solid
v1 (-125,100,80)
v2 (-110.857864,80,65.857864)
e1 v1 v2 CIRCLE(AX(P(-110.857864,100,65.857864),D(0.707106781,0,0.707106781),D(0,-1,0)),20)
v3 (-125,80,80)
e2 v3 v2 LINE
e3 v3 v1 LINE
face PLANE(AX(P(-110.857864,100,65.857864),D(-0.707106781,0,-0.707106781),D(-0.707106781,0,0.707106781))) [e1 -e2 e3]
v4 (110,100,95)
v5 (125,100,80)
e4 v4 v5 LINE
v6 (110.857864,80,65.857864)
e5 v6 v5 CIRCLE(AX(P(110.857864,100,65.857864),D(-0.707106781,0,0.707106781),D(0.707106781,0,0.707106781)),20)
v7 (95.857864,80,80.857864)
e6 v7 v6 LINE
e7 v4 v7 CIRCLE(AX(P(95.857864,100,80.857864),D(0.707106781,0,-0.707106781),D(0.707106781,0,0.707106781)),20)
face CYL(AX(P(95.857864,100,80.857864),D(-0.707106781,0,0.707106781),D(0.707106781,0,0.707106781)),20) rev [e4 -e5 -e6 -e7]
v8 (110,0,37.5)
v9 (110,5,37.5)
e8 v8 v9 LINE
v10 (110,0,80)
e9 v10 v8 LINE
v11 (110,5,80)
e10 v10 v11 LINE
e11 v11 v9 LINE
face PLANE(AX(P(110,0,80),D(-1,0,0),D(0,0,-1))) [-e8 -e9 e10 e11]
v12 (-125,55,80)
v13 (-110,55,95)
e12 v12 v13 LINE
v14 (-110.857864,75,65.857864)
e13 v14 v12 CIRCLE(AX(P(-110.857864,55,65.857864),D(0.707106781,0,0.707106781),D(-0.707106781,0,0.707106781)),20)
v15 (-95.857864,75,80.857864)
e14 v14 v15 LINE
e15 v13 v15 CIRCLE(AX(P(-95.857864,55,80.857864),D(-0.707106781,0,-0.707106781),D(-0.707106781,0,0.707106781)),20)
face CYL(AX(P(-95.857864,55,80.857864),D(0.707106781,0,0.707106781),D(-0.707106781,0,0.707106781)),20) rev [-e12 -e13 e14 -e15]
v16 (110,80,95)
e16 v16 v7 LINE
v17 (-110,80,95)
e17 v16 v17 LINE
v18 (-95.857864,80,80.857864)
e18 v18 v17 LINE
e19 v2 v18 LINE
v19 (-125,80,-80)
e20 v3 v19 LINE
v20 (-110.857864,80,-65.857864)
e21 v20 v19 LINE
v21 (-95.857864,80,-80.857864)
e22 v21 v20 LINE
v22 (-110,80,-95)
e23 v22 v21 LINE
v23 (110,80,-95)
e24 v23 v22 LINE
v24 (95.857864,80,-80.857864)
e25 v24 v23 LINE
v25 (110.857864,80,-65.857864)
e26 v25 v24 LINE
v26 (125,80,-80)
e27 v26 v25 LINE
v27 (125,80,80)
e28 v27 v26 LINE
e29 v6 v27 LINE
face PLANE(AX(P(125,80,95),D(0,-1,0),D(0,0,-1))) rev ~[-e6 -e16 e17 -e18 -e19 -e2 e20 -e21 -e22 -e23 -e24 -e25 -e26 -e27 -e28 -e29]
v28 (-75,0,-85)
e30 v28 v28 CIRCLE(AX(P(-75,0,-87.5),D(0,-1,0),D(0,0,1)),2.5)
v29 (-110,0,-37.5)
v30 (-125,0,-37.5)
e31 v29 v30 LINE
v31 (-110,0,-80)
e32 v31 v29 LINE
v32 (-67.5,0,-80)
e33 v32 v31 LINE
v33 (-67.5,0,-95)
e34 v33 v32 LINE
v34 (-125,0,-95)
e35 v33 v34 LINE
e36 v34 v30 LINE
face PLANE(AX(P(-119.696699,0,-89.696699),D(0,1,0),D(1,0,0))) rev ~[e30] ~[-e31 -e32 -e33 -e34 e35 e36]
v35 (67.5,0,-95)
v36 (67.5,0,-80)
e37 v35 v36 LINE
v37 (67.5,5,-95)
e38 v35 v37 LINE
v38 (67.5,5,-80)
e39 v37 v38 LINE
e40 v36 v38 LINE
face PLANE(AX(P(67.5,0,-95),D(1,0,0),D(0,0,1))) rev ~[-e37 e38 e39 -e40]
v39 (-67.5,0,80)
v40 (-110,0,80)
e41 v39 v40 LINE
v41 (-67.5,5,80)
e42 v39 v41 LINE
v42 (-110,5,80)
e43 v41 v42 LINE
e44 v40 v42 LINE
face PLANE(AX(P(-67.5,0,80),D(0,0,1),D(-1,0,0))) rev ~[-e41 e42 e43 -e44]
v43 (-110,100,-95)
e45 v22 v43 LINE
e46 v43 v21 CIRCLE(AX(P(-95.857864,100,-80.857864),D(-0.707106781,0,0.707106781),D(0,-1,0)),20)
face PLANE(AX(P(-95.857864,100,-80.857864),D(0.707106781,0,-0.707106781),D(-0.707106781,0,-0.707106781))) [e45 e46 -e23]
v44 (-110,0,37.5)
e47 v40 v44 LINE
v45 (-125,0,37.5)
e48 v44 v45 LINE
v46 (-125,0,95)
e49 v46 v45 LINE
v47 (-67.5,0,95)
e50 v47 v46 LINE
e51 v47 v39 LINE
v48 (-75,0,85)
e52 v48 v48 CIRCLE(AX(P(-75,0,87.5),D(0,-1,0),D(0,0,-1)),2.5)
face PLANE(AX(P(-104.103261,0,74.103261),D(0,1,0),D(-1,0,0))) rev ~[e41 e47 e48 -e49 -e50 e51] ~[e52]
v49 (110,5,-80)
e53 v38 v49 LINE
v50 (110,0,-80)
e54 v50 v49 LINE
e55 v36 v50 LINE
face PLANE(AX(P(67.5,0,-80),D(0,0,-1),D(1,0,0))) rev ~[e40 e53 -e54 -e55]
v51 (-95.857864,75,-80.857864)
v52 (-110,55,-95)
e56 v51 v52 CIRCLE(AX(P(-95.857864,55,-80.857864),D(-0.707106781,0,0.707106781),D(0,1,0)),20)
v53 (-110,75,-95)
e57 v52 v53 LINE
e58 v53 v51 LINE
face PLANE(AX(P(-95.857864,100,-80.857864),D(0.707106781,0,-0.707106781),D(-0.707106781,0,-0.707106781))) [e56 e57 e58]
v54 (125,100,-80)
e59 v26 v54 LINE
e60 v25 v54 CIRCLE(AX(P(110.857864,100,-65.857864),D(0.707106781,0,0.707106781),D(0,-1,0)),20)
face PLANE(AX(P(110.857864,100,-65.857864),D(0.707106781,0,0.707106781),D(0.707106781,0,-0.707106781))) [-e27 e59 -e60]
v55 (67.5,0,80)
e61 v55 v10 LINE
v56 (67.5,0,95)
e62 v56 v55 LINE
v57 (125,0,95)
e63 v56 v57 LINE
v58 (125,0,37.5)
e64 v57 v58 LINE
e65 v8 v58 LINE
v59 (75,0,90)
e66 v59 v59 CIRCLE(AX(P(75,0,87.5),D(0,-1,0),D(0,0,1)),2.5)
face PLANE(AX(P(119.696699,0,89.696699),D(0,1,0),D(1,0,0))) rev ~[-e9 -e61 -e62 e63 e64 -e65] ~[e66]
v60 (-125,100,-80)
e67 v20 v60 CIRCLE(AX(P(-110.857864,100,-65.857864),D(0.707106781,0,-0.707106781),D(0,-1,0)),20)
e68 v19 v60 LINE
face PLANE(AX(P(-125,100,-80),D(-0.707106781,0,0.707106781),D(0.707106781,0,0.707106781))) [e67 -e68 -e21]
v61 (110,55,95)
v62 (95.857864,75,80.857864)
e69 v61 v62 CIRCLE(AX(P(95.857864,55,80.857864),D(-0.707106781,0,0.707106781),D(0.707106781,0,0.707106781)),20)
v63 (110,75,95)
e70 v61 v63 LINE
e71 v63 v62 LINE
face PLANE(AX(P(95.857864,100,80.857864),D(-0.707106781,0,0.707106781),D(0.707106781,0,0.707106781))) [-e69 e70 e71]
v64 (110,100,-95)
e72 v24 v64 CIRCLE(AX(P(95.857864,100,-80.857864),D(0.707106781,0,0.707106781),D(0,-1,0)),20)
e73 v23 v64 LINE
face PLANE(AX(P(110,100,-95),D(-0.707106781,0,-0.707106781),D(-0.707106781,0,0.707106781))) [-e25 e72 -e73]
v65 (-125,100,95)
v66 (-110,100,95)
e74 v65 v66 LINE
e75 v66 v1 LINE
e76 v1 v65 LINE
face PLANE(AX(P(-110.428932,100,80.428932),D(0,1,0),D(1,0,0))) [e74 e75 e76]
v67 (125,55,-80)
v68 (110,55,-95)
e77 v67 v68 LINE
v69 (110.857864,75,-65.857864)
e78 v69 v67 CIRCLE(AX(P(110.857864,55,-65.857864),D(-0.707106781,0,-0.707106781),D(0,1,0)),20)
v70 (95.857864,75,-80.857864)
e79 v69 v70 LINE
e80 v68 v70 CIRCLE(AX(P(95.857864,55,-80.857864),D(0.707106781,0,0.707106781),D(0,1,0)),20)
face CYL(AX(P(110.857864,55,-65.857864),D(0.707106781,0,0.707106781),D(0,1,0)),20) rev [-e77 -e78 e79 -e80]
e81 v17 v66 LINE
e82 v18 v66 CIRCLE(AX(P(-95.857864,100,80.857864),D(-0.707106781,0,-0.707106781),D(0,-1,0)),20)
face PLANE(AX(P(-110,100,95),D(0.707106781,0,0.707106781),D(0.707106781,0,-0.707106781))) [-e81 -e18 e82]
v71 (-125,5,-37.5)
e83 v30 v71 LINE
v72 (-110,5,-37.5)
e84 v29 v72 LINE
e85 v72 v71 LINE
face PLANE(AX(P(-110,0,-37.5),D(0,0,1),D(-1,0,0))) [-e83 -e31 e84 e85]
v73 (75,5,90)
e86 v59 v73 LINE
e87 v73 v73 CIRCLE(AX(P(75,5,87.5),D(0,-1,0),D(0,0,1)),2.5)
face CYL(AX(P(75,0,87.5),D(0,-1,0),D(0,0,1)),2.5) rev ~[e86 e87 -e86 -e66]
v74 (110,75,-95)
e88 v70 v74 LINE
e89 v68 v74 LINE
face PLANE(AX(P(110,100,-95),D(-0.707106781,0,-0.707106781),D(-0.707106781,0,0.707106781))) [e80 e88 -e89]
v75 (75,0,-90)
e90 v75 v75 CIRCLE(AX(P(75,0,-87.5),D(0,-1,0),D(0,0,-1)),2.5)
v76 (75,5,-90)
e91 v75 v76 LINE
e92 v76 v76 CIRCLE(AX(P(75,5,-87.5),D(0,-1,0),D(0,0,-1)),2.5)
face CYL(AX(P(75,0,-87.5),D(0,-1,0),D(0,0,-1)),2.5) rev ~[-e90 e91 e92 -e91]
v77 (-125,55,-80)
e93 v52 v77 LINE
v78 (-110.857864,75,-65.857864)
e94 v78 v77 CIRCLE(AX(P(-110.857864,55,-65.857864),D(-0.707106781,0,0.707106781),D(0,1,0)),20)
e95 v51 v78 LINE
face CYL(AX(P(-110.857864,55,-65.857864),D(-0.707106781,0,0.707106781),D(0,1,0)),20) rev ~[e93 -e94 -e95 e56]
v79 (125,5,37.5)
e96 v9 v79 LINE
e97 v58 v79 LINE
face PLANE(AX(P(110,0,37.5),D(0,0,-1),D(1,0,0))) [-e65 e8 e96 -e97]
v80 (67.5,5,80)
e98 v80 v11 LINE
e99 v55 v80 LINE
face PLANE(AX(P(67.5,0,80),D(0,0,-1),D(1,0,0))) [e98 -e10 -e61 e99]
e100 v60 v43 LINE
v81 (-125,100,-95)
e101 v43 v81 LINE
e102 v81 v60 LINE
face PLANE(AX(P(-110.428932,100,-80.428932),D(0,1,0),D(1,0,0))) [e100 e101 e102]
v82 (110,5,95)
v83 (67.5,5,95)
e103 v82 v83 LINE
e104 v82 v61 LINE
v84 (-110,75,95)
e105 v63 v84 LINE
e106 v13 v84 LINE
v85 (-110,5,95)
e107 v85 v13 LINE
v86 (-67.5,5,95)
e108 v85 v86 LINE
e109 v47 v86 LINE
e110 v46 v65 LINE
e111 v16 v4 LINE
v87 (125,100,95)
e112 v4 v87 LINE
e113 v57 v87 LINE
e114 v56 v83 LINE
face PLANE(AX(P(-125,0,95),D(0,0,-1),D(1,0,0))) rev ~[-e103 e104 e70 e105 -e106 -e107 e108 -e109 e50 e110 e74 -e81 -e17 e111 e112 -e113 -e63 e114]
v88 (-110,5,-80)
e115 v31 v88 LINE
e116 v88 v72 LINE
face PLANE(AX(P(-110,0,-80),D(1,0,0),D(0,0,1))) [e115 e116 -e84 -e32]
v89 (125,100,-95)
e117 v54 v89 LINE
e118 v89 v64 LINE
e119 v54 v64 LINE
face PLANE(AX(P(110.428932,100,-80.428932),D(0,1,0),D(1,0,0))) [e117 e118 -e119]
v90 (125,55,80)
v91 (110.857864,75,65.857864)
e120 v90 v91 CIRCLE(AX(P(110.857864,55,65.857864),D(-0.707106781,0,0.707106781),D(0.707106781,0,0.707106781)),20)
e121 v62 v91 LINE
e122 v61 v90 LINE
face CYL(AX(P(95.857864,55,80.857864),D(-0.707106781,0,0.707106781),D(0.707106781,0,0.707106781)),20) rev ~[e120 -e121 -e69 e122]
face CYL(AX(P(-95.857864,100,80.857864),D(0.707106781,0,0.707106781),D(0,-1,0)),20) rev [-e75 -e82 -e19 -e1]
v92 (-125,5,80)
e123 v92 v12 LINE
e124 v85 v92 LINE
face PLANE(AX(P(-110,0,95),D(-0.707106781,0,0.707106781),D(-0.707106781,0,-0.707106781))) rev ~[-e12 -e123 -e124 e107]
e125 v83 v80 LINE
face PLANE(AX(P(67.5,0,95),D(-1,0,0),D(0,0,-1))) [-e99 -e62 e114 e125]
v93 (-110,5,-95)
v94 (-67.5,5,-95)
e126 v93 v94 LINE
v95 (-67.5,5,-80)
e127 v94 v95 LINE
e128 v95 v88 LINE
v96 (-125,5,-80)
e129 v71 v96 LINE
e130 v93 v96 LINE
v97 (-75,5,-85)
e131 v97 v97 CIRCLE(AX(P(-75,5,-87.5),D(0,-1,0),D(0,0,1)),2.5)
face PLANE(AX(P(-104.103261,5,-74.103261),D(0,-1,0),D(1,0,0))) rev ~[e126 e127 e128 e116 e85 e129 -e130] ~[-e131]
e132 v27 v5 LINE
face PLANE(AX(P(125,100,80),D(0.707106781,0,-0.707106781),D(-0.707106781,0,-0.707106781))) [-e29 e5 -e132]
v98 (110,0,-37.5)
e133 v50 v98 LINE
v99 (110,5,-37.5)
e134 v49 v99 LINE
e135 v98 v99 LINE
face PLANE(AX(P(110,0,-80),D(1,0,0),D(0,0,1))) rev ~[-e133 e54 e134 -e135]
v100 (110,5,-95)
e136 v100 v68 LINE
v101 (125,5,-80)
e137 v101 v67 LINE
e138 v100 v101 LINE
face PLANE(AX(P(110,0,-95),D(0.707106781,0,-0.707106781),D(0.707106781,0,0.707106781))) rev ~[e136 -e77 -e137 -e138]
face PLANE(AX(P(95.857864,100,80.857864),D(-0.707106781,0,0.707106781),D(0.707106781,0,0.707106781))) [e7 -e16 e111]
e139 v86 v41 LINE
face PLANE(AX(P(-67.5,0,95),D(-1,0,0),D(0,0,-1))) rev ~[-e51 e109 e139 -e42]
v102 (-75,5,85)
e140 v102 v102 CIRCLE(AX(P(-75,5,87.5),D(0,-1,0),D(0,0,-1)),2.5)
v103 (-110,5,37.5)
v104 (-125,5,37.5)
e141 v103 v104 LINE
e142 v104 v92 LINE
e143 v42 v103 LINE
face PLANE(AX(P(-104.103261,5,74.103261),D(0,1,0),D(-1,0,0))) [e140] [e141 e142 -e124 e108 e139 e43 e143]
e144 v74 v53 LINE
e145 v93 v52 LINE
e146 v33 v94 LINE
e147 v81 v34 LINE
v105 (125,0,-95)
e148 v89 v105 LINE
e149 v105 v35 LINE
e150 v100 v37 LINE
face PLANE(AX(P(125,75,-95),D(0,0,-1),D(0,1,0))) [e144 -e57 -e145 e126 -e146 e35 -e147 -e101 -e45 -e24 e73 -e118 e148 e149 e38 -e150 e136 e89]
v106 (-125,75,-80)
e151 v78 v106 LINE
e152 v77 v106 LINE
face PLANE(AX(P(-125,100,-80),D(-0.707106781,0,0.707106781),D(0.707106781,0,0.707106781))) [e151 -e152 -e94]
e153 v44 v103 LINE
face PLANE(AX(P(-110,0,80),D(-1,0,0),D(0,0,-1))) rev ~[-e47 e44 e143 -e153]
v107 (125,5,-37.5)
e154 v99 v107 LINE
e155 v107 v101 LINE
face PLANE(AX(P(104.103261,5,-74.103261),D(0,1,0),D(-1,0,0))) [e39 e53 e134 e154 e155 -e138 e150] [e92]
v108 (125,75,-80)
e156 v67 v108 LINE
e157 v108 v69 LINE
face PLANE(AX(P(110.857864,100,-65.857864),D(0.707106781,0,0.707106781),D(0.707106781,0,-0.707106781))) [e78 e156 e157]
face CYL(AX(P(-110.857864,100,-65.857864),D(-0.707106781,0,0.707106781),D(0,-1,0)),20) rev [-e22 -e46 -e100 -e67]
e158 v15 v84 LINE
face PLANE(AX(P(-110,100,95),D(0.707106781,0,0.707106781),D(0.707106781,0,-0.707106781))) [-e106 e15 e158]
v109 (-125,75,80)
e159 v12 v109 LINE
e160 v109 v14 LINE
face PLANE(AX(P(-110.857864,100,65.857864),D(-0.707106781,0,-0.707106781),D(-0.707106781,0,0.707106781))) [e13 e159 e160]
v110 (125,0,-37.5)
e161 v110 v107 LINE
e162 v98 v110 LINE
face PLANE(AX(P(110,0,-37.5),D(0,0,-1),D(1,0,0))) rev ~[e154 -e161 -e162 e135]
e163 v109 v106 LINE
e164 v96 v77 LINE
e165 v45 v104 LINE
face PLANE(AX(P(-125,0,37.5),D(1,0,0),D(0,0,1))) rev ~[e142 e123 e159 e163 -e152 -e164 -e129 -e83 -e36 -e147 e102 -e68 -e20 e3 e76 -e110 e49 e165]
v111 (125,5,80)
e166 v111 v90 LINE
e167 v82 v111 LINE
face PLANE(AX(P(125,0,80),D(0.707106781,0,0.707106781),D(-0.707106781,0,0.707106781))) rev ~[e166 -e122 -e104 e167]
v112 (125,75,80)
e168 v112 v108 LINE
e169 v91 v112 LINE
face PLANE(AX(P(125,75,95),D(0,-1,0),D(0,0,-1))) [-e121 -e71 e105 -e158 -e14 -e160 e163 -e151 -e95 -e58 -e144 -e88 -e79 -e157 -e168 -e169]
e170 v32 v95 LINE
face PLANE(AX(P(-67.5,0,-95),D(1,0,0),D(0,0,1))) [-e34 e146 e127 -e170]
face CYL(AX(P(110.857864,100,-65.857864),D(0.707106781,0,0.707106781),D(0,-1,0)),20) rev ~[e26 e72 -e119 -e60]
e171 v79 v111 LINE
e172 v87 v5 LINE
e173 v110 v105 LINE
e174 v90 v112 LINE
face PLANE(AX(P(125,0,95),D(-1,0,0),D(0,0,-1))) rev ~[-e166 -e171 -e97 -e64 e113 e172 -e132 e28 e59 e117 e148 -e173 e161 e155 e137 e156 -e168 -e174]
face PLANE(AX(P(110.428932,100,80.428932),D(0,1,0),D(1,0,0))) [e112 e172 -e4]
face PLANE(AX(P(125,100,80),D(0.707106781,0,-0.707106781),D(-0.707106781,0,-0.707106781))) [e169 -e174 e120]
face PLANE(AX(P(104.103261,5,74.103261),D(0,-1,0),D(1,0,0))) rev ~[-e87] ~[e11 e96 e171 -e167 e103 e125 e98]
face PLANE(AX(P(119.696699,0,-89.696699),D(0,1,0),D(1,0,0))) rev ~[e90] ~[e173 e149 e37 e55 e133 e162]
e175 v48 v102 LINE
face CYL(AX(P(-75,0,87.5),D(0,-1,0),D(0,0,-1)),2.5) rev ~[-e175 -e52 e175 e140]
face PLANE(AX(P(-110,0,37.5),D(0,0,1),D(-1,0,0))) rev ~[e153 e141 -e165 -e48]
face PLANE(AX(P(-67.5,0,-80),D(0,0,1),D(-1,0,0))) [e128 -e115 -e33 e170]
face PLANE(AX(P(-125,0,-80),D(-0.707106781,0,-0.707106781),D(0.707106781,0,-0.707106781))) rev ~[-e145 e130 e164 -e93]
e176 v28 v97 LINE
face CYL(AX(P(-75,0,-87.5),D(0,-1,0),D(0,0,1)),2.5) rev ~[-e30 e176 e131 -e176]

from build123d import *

# Parameters (mm, degrees)
BOSS_EXTRUDE1_DEPTH   = 100
BOSS_EXTRUDE1_2_DEPTH = 100
BOSS_EXTRUDE1_3_DEPTH = 100
BOSS_EXTRUDE1_4_DEPTH = 100
SKETCH3_W             = 190
SKETCH3_H             = 5
BOSS_EXTRUDE3_DEPTH   = 250
SKETCH5_R             = 2.5
BOSS_EXTRUDE6_DEPTH   = 5
BOSS_EXTRUDE7_DEPTH   = 45
CUT_EXTRUDE2_REACH    = 197.096
CUT_EXTRUDE3_REACH    = 215.454
CUT_EXTRUDE4_REACH    = 197.096
CUT_EXTRUDE5_REACH    = 215.454


with BuildPart() as part:
    # Sketch1 → Boss-Extrude1 (new body)
    with BuildSketch(Plane(origin=(0, 0, 0), x_dir=(1, 0, 0), z_dir=(0, 1, 0))):
        Polygon((-125, 95), (-125, 80), (-110, 95), align=None)
    extrude(amount=BOSS_EXTRUDE1_DEPTH)



with BuildPart() as body_2:
    # Sketch1 → Boss-Extrude1 2 (new body)
    with BuildSketch(Plane(origin=(0, 0, 0), x_dir=(1, 0, 0), z_dir=(0, 1, 0))):
        Polygon((125, 95), (110, 95), (125, 80), align=None)
    extrude(amount=BOSS_EXTRUDE1_2_DEPTH)


with BuildPart() as body_3:
    # Sketch1 → Boss-Extrude1 3 (new body)
    with BuildSketch(Plane(origin=(0, 0, 0), x_dir=(1, 0, 0), z_dir=(0, 1, 0))):
        Polygon((125, -95), (125, -80), (110, -95), align=None)
    extrude(amount=BOSS_EXTRUDE1_3_DEPTH)


with BuildPart() as body_4:
    # Sketch1 → Boss-Extrude1 4 (new body)
    with BuildSketch(Plane(origin=(0, 0, 0), x_dir=(1, 0, 0), z_dir=(0, 1, 0))):
        Polygon((-125, -95), (-110, -95), (-125, -80), align=None)
    extrude(amount=BOSS_EXTRUDE1_4_DEPTH)


with BuildPart() as part_1:
    add(part.part)

    add(body_2.part)  # Boss-Extrude3 merges body 2

    add(body_3.part)  # Boss-Extrude3 merges body 3

    add(body_4.part)  # Boss-Extrude3 merges body 4
    # Sketch3 → Boss-Extrude3 (add, through all)
    with BuildSketch(Plane(origin=(125, 0, 0), x_dir=(0, 0, -1), z_dir=(1, 0, 0))):
        with Locations((0, 77.5)):
            Rectangle(SKETCH3_W, SKETCH3_H)
    extrude(amount=-BOSS_EXTRUDE3_DEPTH)

    # Sketch5 → Boss-Extrude6 (add)
    # profile 1 of 4: a face of its own
    with BuildSketch(Plane.XZ):
        Polygon((-110, 80), (-110, 37.5), (-125, 37.5), (-125, 95), (-67.5, 95), (-67.5, 80), align=None)
        with Locations(Location((-75, 87.5, 0), (0, 0, 270))):
            Circle(SKETCH5_R, mode=Mode.SUBTRACT)
    # profile 2 of 4: a face of its own
    with BuildSketch(Plane.XZ):
        Polygon((125, 95), (67.5, 95), (67.5, 80), (110, 80), (110, 37.5), (125, 37.5), align=None)
        with Locations(Location((75, 87.5, 0), (0, 0, 90))):
            Circle(SKETCH5_R, mode=Mode.SUBTRACT)
    # profile 3 of 4: a face of its own
    with BuildSketch(Plane.XZ):
        Polygon((110, -80), (110, -37.5), (125, -37.5), (125, -95), (67.5, -95), (67.5, -80), align=None)
        with Locations(Location((75, -87.5, 0), (0, 0, 270))):
            Circle(SKETCH5_R, mode=Mode.SUBTRACT)
    # profile 4 of 4: a face of its own
    with BuildSketch(Plane.XZ):
        Polygon((-125, -95), (-67.5, -95), (-67.5, -80), (-110, -80), (-110, -37.5), (-125, -37.5), align=None)
        with Locations(Location((-75, -87.5, 0), (0, 0, 90))):
            Circle(SKETCH5_R, mode=Mode.SUBTRACT)
    extrude(amount=-BOSS_EXTRUDE6_DEPTH)

    # Sketch9 → Boss-Extrude7 (add)
    with BuildSketch(Plane(origin=(0, 100, 0), x_dir=(1, 0, 0), z_dir=(0, 1, 0))):
        Polygon((-110, 95), (-125, 80), (-110.857864376, 65.857864376), (-95.857864376, 80.857864376), align=None)
        Polygon((110, 95), (95.857864376, 80.857864376), (110.857864376, 65.857864376), (125, 80), align=None)
        Polygon((110, -95), (125, -80), (110.857864376, -65.857864376), (95.857864376, -80.857864376), align=None)
        Polygon((-110, -95), (-95.857864376, -80.857864376), (-110.857864376, -65.857864376), (-125, -80), align=None)
    extrude(amount=-BOSS_EXTRUDE7_DEPTH)

    # Sketch11 → Cut-Extrude2 (cut, up to next)
    with BuildSketch(Plane(origin=(7.5, 0, -7.5), x_dir=(0.7071067811865489, 0, 0.7071067811865461), z_dir=(-0.7071067811865461, 0, 0.7071067811865489)), mode=Mode.PRIVATE) as cut_extrude2_sk1:
        with BuildLine():
            Line((124.956890143, 80), (124.956890143, 100))
            Line((124.956890143, 100), (144.956890143, 100))
            ThreePointArc((144.956890143, 100), (139.099025767, 85.857864376), (124.956890143, 80))
        make_face()
    cut_extrude2_tool1 = extrude(cut_extrude2_sk1.sketch, amount=-CUT_EXTRUDE2_REACH, mode=Mode.PRIVATE) & part_1.part
    # Sketch11 → Cut-Extrude2 (cut, up to next)
    with BuildSketch(Plane(origin=(7.5, 0, -7.5), x_dir=(0.7071067811865489, 0, 0.7071067811865461), z_dir=(-0.7071067811865461, 0, 0.7071067811865489)), mode=Mode.PRIVATE) as cut_extrude2_sk2:
        with BuildLine():
            Line((124.956890143, 75), (124.956890143, 55))
            Line((124.956890143, 55), (144.956890143, 55))
            ThreePointArc((144.956890143, 55), (139.099025767, 69.142135624), (124.956890143, 75))
        make_face()
    cut_extrude2_tool2 = extrude(cut_extrude2_sk2.sketch, amount=-CUT_EXTRUDE2_REACH, mode=Mode.PRIVATE) & part_1.part
    add(cut_extrude2_tool1.solids().sort_by_distance((101.859973, 91.511736, 86.859973))[0], mode=Mode.SUBTRACT)
    add(cut_extrude2_tool2.solids().sort_by_distance((101.859973, 63.488264, 86.859973))[0], mode=Mode.SUBTRACT)

    # Sketch12 → Cut-Extrude3 (cut, up to next)
    with BuildSketch(Plane(origin=(22.5, 0, 22.5), x_dir=(0.7071067811865471, 0, -0.7071067811865479), z_dir=(0.7071067811865479, 0, 0.7071067811865471)), mode=Mode.PRIVATE) as cut_extrude3_sk1:
        with BuildLine():
            Line((144.956890143, 100), (124.956890143, 100))
            Line((124.956890143, 100), (124.956890143, 80))
            ThreePointArc((124.956890143, 80), (139.099025767, 85.857864376), (144.956890143, 100))
        make_face()
    cut_extrude3_tool1 = extrude(cut_extrude3_sk1.sketch, amount=-CUT_EXTRUDE3_REACH, mode=Mode.PRIVATE) & part_1.part
    # Sketch12 → Cut-Extrude3 (cut, up to next)
    with BuildSketch(Plane(origin=(22.5, 0, 22.5), x_dir=(0.7071067811865471, 0, -0.7071067811865479), z_dir=(0.7071067811865479, 0, 0.7071067811865471)), mode=Mode.PRIVATE) as cut_extrude3_sk2:
        with BuildLine():
            Line((144.956890143, 55), (124.956890143, 55))
            Line((124.956890143, 55), (124.956890143, 75))
            ThreePointArc((124.956890143, 75), (139.099025767, 69.142135624), (144.956890143, 55))
        make_face()
    cut_extrude3_tool2 = extrude(cut_extrude3_sk2.sketch, amount=-CUT_EXTRUDE3_REACH, mode=Mode.PRIVATE) & part_1.part
    add(cut_extrude3_tool1.solids().sort_by_distance((116.859973, 91.511736, -71.859973))[0], mode=Mode.SUBTRACT)
    add(cut_extrude3_tool2.solids().sort_by_distance((116.859973, 63.488264, -71.859973))[0], mode=Mode.SUBTRACT)

    # Sketch13 → Cut-Extrude4 (cut, up to next)
    with BuildSketch(Plane(origin=(-7.5, 0, -7.5), x_dir=(0.7071067811865482, 0, -0.7071067811865468), z_dir=(0.7071067811865468, 0, 0.7071067811865482)), mode=Mode.PRIVATE) as cut_extrude4_sk1:
        with BuildLine():
            Line((-144.956890143, 100), (-124.956890143, 100))
            Line((-124.956890143, 100), (-124.956890143, 80))
            ThreePointArc((-124.956890143, 80), (-139.099025767, 85.857864376), (-144.956890143, 100))
        make_face()
    cut_extrude4_tool1 = extrude(cut_extrude4_sk1.sketch, amount=-CUT_EXTRUDE4_REACH, mode=Mode.PRIVATE) & part_1.part
    # Sketch13 → Cut-Extrude4 (cut, up to next)
    with BuildSketch(Plane(origin=(-7.5, 0, -7.5), x_dir=(0.7071067811865482, 0, -0.7071067811865468), z_dir=(0.7071067811865468, 0, 0.7071067811865482)), mode=Mode.PRIVATE) as cut_extrude4_sk2:
        with BuildLine():
            Line((-124.956890143, 75), (-124.956890143, 55))
            Line((-124.956890143, 55), (-144.956890143, 55))
            ThreePointArc((-144.956890143, 55), (-139.099025767, 69.142135624), (-124.956890143, 75))
        make_face()
    cut_extrude4_tool2 = extrude(cut_extrude4_sk2.sketch, amount=-CUT_EXTRUDE4_REACH, mode=Mode.PRIVATE) & part_1.part
    add(cut_extrude4_tool1.solids().sort_by_distance((-101.859973, 91.511736, 86.859973))[0], mode=Mode.SUBTRACT)
    add(cut_extrude4_tool2.solids().sort_by_distance((-101.859973, 63.488264, 86.859973))[0], mode=Mode.SUBTRACT)

    # Sketch14 → Cut-Extrude5 (cut, up to next)
    with BuildSketch(Plane(origin=(-22.5, 0, 22.5), x_dir=(0.7071067811865471, 0, 0.7071067811865479), z_dir=(-0.7071067811865479, 0, 0.7071067811865471)), mode=Mode.PRIVATE) as cut_extrude5_sk1:
        with BuildLine():
            Line((-144.956890143, 100), (-124.956890143, 100))
            Line((-124.956890143, 100), (-124.956890143, 80))
            ThreePointArc((-124.956890143, 80), (-139.099025767, 85.857864376), (-144.956890143, 100))
        make_face()
    cut_extrude5_tool1 = extrude(cut_extrude5_sk1.sketch, amount=-CUT_EXTRUDE5_REACH, mode=Mode.PRIVATE) & part_1.part
    # Sketch14 → Cut-Extrude5 (cut, up to next)
    with BuildSketch(Plane(origin=(-22.5, 0, 22.5), x_dir=(0.7071067811865471, 0, 0.7071067811865479), z_dir=(-0.7071067811865479, 0, 0.7071067811865471)), mode=Mode.PRIVATE) as cut_extrude5_sk2:
        with BuildLine():
            Line((-144.956890143, 55), (-124.956890143, 55))
            Line((-124.956890143, 55), (-124.956890143, 75))
            ThreePointArc((-124.956890143, 75), (-139.099025767, 69.142135624), (-144.956890143, 55))
        make_face()
    cut_extrude5_tool2 = extrude(cut_extrude5_sk2.sketch, amount=-CUT_EXTRUDE5_REACH, mode=Mode.PRIVATE) & part_1.part
    add(cut_extrude5_tool1.solids().sort_by_distance((-116.859973, 91.511736, -71.859973))[0], mode=Mode.SUBTRACT)
    add(cut_extrude5_tool2.solids().sort_by_distance((-116.859973, 63.488264, -71.859973))[0], mode=Mode.SUBTRACT)


solid = part_1.part
